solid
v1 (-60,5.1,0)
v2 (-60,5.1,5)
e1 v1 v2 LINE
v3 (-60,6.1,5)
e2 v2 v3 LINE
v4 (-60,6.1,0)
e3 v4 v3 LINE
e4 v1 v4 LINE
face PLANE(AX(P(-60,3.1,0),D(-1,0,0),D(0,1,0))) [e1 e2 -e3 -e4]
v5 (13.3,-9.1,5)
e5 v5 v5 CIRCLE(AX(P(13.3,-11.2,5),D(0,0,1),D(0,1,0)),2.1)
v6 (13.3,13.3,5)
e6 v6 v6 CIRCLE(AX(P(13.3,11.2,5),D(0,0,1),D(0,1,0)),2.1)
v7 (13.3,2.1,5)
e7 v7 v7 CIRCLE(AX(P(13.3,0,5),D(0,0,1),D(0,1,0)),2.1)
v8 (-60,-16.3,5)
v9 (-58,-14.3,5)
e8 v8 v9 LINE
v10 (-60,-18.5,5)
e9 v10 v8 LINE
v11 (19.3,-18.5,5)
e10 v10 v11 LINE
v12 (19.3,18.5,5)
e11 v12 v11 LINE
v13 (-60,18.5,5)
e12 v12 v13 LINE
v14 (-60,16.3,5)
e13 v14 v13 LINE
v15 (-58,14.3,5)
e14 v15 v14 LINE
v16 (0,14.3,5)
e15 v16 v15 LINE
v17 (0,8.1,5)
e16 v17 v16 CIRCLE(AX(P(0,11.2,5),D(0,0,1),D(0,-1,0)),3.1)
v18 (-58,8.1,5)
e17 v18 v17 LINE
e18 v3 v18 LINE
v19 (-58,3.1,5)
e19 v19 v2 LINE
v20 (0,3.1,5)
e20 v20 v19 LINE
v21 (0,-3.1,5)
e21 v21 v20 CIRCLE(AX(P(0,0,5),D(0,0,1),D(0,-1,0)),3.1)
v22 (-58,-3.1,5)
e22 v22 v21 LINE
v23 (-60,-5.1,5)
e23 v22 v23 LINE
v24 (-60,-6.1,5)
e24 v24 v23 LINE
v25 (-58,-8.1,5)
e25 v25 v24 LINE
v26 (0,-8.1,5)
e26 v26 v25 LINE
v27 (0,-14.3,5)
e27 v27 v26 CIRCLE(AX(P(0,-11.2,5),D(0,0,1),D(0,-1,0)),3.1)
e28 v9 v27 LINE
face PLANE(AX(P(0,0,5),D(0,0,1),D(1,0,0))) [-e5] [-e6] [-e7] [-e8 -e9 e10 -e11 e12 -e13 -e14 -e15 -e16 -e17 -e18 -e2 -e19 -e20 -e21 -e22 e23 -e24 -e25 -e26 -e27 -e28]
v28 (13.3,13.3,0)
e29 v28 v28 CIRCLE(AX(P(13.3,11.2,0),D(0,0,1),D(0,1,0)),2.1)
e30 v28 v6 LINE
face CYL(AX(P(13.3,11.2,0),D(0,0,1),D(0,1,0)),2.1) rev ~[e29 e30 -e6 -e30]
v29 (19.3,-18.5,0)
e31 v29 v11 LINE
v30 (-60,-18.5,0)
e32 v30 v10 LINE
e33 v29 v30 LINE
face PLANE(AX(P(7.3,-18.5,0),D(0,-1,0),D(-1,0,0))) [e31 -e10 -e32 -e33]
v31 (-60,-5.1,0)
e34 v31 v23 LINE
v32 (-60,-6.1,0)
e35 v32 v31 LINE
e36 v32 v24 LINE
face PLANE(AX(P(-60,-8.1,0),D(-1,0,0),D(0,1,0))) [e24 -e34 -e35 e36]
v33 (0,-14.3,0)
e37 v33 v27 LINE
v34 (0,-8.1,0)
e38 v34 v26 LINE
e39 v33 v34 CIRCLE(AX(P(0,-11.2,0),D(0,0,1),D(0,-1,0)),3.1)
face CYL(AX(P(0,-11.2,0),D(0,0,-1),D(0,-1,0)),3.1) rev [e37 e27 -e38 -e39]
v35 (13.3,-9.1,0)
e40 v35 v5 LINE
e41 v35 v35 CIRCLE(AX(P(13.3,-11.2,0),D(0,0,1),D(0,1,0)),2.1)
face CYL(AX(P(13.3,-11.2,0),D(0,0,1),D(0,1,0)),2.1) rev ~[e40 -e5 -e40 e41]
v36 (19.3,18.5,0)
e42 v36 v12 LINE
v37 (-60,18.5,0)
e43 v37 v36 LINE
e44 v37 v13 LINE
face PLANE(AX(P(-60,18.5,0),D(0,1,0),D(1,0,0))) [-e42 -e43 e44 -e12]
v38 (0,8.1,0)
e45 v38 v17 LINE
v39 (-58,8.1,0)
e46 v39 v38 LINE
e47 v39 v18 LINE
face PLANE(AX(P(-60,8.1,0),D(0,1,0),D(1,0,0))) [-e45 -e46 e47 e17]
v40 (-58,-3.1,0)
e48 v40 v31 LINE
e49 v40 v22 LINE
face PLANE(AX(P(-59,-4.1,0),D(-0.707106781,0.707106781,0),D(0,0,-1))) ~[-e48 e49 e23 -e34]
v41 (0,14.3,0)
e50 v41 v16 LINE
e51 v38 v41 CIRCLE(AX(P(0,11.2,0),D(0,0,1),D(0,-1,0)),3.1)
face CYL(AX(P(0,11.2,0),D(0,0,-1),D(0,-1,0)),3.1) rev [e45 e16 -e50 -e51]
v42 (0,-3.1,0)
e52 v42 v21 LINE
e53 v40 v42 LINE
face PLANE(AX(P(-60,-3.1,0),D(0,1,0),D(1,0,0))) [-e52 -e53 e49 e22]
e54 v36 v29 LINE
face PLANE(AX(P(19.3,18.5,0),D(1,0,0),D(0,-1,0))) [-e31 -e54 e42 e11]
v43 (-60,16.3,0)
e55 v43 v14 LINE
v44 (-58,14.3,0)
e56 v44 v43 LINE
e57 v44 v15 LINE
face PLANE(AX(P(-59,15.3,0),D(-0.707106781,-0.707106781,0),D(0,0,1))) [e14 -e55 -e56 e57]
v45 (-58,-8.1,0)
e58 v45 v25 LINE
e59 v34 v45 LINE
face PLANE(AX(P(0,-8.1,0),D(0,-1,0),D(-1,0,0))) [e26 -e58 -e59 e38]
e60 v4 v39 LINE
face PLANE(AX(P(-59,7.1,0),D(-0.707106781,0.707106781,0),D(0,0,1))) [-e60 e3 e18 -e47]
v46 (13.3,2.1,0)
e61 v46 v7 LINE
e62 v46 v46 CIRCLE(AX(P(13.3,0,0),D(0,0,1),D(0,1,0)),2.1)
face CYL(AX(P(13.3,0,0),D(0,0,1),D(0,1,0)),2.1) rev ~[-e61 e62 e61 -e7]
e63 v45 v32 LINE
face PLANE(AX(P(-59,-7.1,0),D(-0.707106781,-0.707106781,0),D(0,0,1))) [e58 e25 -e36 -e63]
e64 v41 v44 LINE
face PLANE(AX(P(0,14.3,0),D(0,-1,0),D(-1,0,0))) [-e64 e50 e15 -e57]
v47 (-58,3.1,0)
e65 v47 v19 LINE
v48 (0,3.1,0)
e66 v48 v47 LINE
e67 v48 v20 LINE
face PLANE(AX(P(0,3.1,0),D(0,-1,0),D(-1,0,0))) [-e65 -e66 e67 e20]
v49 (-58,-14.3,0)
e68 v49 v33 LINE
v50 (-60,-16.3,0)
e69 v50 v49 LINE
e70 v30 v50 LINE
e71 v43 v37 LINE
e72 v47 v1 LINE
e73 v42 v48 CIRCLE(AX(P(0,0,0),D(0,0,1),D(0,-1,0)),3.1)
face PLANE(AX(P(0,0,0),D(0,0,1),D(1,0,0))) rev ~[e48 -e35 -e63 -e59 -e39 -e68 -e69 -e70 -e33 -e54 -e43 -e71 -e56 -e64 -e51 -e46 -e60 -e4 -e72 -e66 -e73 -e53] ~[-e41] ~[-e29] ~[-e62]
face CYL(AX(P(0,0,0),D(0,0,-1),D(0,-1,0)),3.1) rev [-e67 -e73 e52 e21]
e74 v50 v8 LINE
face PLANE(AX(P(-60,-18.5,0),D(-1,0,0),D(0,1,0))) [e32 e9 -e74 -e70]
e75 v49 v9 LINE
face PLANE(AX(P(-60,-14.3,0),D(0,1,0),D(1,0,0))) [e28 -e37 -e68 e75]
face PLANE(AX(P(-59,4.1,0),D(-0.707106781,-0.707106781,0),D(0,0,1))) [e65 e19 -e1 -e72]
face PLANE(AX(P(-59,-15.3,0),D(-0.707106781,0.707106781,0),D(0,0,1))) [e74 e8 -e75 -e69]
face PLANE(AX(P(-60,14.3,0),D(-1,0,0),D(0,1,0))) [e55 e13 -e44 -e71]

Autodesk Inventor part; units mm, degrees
ref_plane "YZ Plane" through (0, 0, 0) normal (1, 0, 0) x (0, 1, 0)
ref_plane "XZ Plane" through (0, 0, 0) normal (0, 1, 0) x (-1, 0, 0)
ref_plane "XY Plane" through (0, 0, 0) normal (0, 0, 1) x (1, 0, 0)
sketch "Sketch1" plane through (0, 0, 0) normal (0, 0, 1) x (1, 0, 0)
  line L0 (0, 0) -> (-60, 0) construction
  line L1 (0, 3.1) -> (-60, 3.1)
  line L2 (-60, -3.1) -> (0, -3.1)
  arc A0 (0, -3.1) -> (0, 3.1) centre (0, 0) ccw
  arc A1 (-60, 3.1) -> (-60, -3.1) centre (-60, 0) ccw
  line L3 (0, 11.2) -> (-60, 11.2) construction
  line L4 (0, 14.3) -> (-60, 14.3)
  line L5 (-60, 8.1) -> (0, 8.1)
  arc A2 (0, 8.1) -> (0, 14.3) centre (0, 11.2) ccw
  arc A3 (-60, 14.3) -> (-60, 8.1) centre (-60, 11.2) ccw
  line L6 (0, -11.2) -> (-60, -11.2) construction
  line L7 (0, -8.1) -> (-60, -8.1)
  line L8 (-60, -14.3) -> (0, -14.3)
  arc A4 (0, -14.3) -> (0, -8.1) centre (0, -11.2) ccw
  arc A5 (-60, -8.1) -> (-60, -14.3) centre (-60, -11.2) ccw
  line L9 (7.3, -3.9) -> (-7.3, -3.9) construction
  line L10 (-7.3, -3.9) -> (-7.3, -18.5) construction
  line L11 (-7.3, -18.5) -> (7.3, -18.5) construction
  line L12 (7.3, -18.5) -> (7.3, -3.9) construction
  line L13 (7.3, 3.9) -> (-7.3, 3.9) construction
  line L14 (-7.3, 3.9) -> (-7.3, 18.5) construction
  line L15 (-7.3, 18.5) -> (7.3, 18.5) construction
  line L16 (7.3, 18.5) -> (7.3, 3.9) construction
  line L17 (-7.3, -3.9) -> (7.3, -18.5) construction
  line L18 (7.3, -3.9) -> (-7.3, -18.5) construction
  line L19 (-7.3, 18.5) -> (7.3, 3.9) construction
  line L20 (7.3, 18.5) -> (-7.3, 3.9) construction
  line L21 (0, -25.9) -> (0, 25.9) construction
  line L22 (-60, 18.5) -> (7.3, 18.5)
  line L23 (7.3, 18.5) -> (7.3, -18.5)
  line L24 (7.3, -18.5) -> (-60, -18.5)
  line L25 (-60, -18.5) -> (-60, 18.5)
  line L26 (7.3, 18.5) -> (19.3, 18.5)
  line L27 (19.3, 18.5) -> (19.3, -18.5)
  line L28 (19.3, -18.5) -> (7.3, -18.5)
  line L29 (7.3, -18.5) -> (7.3, 18.5)
  point P0 (-30, 0)
  point P1 (-30, 11.2)
  point P2 (-30, -11.2)
  point P3 (0, -11.2)
  dimension "d0" = 6.2
  dimension "d1" = 14.6
  dimension "d2" = 14.6
  dimension "d5" = 60
  dimension "d11" = 11.2
  dimension "d12" = 5
  dimension "d13" = 5
  dimension "d17" = 37
  dimension "d18" = 12
extrude "Extrusion1" add sketch "Sketch1" along normal blind 5 contours L1 L25 L5 A2 L4 L22 L23 L24 L8 A4 L7 L2 A0 | L26 L27 L28 L23
chamfer "Chamfer1" distance 2 angle 45 6 edges at (-60, 14.3, 2.5) (-60, 8.1, 2.5) (-60, 3.1, 2.5) (-60, -3.1, 2.5) (-60, -8.1, 2.5) (-60, -14.3, 2.5)
sketch "Sketch3" plane through (0, 0, 0) normal (0, 0, -1) x (-1, 0, 0)
  line L0 (-19.3, 18.5) -> (-7.3, 18.5) construction
  line L1 (-7.3, 18.5) -> (-7.3, -18.5) construction
  line L2 (-7.3, -18.5) -> (-19.3, -18.5) construction
  line L3 (-19.3, -18.5) -> (-19.3, 18.5) construction
  line L4 (60, -18.5) -> (-19.3, -18.5) construction
  line L5 (-19.3, 18.5) -> (60, 18.5) construction
  line L6 (-13.3, 18.5) -> (-13.3, -18.5) construction
  line L7 (60, -18.5) -> (-19.3, -18.5) construction
  line L8 (75.86, 0) -> (-35.16, 0) construction
  point P0 (0, 0)
  point P1 (-13.3, 11.2)
  point P2 (-13.3, -11.2)
  point P3 (-13.3, 0)
  dimension "d19" = 12
  dimension "d20" = 6
  dimension "d21" = 22.4
  dimension "d22" = 37
hole "Hole1" at (13.3, 11.2, 0) at (13.3, -11.2, 0) at (13.3, 0, 0) direction (0, 0, 1) diameter 4.2 end through all
equation "\"d2\" = d1"
equation "\"d13\" = d12"
equation "\"d20\" = 0.5 * d19"
properties part number "SampleMountFingers" material "Aluminum 6061"
